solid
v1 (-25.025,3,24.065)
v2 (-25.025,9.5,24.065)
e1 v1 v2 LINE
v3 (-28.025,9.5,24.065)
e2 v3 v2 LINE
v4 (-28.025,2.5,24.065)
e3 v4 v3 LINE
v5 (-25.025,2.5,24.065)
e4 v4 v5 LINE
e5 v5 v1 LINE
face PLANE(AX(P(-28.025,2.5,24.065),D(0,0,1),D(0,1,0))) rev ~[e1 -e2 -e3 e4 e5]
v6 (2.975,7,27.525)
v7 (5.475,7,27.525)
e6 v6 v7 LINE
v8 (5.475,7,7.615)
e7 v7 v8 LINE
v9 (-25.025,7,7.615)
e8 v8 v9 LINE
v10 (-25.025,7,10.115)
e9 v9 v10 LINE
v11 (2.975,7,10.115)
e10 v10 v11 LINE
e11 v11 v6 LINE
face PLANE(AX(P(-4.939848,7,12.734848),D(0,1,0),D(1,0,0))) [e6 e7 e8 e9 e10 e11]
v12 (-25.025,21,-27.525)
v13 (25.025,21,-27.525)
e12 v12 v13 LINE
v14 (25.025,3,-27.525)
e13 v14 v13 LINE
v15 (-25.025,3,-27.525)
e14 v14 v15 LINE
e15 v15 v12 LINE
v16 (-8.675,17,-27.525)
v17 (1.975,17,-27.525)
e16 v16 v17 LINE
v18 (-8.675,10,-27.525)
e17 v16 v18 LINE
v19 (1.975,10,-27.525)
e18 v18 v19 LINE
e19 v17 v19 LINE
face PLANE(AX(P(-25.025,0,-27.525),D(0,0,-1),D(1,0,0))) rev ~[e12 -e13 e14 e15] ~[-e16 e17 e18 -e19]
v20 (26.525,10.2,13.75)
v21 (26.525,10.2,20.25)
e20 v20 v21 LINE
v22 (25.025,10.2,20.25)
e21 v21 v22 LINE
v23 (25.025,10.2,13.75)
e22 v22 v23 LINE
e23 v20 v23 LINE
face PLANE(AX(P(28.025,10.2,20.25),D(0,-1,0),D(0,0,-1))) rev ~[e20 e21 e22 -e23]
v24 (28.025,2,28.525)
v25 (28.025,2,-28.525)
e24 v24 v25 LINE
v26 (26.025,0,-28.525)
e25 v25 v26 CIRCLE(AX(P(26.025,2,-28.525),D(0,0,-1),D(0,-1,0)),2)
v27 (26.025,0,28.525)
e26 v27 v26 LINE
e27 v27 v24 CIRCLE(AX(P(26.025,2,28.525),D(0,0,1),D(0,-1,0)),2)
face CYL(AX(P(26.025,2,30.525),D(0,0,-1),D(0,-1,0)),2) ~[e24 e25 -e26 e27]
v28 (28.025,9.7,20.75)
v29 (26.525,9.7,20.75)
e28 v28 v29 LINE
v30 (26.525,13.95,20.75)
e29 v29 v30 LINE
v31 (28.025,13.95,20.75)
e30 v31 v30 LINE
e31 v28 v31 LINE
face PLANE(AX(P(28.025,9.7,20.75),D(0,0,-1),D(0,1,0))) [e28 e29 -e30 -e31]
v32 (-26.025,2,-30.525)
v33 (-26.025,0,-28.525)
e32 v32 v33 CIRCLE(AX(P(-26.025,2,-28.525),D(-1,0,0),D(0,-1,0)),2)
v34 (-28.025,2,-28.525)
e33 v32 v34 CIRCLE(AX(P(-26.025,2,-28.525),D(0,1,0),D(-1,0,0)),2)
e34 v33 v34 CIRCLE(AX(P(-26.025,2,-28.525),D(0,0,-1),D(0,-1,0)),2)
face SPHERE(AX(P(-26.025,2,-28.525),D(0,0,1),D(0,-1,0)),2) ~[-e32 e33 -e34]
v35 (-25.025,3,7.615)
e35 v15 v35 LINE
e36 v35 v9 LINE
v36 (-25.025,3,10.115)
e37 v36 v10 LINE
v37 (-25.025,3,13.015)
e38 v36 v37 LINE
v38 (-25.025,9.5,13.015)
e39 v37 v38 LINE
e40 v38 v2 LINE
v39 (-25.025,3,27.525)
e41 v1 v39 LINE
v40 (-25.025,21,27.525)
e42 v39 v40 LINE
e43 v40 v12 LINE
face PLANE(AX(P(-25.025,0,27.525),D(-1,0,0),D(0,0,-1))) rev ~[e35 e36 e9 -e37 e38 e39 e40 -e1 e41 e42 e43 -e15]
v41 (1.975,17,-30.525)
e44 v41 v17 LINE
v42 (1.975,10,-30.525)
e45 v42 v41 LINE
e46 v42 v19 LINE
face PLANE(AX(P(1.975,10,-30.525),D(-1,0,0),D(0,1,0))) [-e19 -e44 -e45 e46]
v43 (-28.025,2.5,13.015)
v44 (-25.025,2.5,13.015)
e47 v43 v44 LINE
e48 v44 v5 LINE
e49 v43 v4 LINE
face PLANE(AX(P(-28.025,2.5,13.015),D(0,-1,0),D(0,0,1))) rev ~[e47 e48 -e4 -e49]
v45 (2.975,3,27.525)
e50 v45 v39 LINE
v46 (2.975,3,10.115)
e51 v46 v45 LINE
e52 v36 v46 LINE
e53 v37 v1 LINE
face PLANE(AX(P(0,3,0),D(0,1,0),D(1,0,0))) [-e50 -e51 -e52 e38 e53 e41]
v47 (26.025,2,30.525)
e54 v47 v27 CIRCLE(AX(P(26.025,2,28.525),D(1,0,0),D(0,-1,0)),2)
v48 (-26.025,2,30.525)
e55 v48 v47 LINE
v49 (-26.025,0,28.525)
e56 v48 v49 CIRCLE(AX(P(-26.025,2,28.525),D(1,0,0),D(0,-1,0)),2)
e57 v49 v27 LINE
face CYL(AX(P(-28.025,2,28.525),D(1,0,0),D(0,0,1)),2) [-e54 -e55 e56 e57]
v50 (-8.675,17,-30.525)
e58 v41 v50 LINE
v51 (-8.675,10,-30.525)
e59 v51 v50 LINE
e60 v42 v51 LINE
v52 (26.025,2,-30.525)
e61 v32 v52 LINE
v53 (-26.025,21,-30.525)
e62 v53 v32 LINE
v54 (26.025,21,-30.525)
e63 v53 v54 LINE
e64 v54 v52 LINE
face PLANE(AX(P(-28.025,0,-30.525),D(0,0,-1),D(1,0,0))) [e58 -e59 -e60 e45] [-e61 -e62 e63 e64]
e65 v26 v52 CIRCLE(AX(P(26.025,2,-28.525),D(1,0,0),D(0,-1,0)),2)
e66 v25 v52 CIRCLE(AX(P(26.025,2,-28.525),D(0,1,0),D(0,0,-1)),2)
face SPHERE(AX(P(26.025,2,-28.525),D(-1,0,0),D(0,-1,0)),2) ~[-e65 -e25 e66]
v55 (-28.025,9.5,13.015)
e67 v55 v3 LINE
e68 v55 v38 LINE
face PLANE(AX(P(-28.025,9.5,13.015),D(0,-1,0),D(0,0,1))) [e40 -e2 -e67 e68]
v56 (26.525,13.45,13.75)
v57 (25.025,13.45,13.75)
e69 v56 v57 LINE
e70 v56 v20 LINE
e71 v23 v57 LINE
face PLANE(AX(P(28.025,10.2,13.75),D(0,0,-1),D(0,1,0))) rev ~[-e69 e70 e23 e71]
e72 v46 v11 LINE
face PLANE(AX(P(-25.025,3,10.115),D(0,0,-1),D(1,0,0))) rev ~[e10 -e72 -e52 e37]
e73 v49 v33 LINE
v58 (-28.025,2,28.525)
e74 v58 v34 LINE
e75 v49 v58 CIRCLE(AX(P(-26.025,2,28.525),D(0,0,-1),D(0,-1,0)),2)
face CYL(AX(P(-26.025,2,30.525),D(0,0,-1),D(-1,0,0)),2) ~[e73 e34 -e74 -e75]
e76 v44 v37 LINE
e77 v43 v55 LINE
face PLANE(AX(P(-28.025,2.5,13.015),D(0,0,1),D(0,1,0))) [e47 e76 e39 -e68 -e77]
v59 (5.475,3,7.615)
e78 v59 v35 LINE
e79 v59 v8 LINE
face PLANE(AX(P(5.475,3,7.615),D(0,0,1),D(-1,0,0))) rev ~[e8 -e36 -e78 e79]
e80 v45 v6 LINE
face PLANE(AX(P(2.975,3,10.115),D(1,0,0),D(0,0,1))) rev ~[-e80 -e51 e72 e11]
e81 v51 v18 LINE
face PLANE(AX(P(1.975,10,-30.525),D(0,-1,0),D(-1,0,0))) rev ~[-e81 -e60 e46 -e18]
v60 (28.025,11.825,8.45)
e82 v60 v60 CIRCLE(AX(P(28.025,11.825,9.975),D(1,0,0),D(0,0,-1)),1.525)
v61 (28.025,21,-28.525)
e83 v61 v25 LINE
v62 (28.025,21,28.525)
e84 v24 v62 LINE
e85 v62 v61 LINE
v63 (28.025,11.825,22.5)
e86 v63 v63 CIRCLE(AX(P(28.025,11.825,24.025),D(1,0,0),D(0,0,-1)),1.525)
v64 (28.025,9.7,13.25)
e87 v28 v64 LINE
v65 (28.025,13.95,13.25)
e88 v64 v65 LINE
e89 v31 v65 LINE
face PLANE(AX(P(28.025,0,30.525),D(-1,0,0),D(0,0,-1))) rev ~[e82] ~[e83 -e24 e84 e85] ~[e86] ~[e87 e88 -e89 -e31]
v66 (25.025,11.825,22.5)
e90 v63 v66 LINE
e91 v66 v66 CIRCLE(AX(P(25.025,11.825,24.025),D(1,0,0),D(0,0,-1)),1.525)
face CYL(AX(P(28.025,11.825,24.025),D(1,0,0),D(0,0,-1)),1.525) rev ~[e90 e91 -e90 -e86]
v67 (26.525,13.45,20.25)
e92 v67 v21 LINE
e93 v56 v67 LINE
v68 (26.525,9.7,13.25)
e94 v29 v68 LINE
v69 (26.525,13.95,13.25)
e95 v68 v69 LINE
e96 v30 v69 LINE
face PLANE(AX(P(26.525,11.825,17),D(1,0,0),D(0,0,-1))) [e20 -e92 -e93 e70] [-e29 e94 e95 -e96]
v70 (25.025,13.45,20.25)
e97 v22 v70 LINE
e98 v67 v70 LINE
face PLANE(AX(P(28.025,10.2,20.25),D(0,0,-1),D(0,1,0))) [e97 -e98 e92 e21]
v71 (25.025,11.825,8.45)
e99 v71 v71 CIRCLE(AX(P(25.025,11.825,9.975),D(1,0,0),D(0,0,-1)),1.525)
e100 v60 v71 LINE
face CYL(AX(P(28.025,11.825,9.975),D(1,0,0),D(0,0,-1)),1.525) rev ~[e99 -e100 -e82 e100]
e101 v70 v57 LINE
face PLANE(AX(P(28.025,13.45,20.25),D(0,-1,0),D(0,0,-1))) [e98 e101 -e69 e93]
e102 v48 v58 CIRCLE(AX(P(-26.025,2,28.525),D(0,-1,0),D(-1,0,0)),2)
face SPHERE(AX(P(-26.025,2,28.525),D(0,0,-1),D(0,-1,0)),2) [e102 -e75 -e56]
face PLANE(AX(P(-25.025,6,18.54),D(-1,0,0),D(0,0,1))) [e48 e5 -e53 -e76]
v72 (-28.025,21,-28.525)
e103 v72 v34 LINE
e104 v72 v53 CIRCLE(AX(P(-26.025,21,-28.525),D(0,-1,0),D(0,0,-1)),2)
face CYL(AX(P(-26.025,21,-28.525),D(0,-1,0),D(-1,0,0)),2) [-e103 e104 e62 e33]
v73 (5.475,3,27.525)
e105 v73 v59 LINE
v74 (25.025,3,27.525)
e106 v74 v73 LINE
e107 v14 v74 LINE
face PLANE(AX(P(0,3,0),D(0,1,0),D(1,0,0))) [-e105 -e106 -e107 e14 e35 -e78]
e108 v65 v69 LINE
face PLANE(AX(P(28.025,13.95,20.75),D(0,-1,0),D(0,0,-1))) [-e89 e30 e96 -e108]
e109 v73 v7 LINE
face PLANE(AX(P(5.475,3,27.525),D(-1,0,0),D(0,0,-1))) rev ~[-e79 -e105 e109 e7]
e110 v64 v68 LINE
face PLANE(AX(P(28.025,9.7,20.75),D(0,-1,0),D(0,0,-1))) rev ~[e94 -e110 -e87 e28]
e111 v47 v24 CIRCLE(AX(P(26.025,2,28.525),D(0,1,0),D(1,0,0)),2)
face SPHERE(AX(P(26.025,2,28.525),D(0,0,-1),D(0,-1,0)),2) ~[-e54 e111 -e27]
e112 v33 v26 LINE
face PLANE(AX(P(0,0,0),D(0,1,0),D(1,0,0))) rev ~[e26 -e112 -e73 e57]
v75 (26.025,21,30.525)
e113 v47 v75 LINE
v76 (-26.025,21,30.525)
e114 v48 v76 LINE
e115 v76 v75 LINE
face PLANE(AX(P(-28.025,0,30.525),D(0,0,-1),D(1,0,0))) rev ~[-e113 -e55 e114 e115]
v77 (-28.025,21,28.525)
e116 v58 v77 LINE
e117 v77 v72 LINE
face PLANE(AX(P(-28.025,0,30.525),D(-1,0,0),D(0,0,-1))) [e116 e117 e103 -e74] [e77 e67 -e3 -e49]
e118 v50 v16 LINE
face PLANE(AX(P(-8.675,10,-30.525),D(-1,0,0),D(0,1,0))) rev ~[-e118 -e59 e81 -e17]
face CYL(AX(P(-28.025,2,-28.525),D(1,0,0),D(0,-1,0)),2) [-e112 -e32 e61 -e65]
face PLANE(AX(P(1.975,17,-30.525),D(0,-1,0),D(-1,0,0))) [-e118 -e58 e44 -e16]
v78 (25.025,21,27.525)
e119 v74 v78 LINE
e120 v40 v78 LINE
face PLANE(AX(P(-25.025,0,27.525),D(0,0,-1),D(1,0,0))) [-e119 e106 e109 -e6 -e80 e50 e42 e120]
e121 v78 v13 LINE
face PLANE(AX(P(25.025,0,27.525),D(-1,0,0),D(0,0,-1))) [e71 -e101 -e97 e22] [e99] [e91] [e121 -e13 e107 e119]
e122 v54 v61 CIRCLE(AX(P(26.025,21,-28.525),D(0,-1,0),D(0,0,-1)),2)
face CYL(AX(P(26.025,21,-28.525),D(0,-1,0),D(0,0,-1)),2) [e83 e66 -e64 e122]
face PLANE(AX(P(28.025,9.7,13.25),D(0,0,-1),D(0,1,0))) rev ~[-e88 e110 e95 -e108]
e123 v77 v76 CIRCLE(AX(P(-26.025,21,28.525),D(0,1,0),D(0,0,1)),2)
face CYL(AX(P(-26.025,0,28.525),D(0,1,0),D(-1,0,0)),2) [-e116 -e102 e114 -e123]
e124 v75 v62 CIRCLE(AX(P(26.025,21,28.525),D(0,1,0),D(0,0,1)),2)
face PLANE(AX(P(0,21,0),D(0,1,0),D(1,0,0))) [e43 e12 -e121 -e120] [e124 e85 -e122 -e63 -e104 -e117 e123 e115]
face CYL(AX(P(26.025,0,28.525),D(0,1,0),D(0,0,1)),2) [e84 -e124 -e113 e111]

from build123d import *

# Parameters (mm, degrees)
SKETCH1_W           = 56.05
SKETCH1_H           = 61.05
SKETCH1_W_2         = 50.05
SKETCH1_H_2         = 55.05
BOSS_EXTRUDE1_DEPTH = 3
SKETCH1_3_W         = 56.05
SKETCH1_3_H         = 61.05
SKETCH1_3_W_2       = 50.05
SKETCH1_3_H_2       = 55.05
BOSS_EXTRUDE2_DEPTH = 21
CUT_EXTRUDE1_REACH  = 58.05
SKETCH2_R           = 1.525
SKETCH2_W           = 6.5
SKETCH2_H           = 3.25
CUT_EXTRUDE2_REACH  = 63.05
SKETCH3_W           = 10.65
SKETCH3_H           = 7
SKETCH4_W           = 11.05
SKETCH4_H           = 7
CUT_EXTRUDE3_DEPTH  = 3
BOSS_EXTRUDE3_DEPTH = 4
FILLET1_R           = 2
SKETCH6_W           = 7.5
SKETCH6_H           = 4.25
CUT_EXTRUDE4_DEPTH  = 1.5


with BuildPart() as part:
    # Sketch1 → Boss-Extrude1 (new body)
    with BuildSketch(Plane(origin=(0, 0, 0), x_dir=(1, 0, 0), z_dir=(0, 1, 0))):
        Rectangle(SKETCH1_W, SKETCH1_H)
        Rectangle(SKETCH1_W_2, SKETCH1_H_2, mode=Mode.SUBTRACT)
        Rectangle(SKETCH1_W_2, SKETCH1_H_2)
    extrude(amount=BOSS_EXTRUDE1_DEPTH)

    # Sketch1_3 → Boss-Extrude2 (add)
    with BuildSketch(Plane(origin=(0, 0, 0), x_dir=(1, 0, 0), z_dir=(0, 1, 0))):
        Rectangle(SKETCH1_3_W, SKETCH1_3_H)
        Rectangle(SKETCH1_3_W_2, SKETCH1_3_H_2, mode=Mode.SUBTRACT)
    extrude(amount=BOSS_EXTRUDE2_DEPTH)

    # Sketch2 → Cut-Extrude1 (cut, up to next)
    with BuildSketch(Plane(origin=(28.025, 0, 0), x_dir=(0, 0, -1), z_dir=(1, 0, 0)), mode=Mode.PRIVATE) as cut_extrude1_sk1:
        with Locations((-24.025, 11.825)):
            Circle(SKETCH2_R)
    cut_extrude1_tool1 = extrude(cut_extrude1_sk1.sketch, amount=-CUT_EXTRUDE1_REACH, mode=Mode.PRIVATE) & part.part
    add(cut_extrude1_tool1.solids().sort_by_distance((28.025, 11.825, 24.025))[0], mode=Mode.SUBTRACT)
    # Sketch2 → Cut-Extrude1 (cut, up to next)
    with BuildSketch(Plane(origin=(28.025, 0, 0), x_dir=(0, 0, -1), z_dir=(1, 0, 0)), mode=Mode.PRIVATE) as cut_extrude1_sk2:
        with Locations((-9.975, 11.825)):
            Circle(SKETCH2_R)
    cut_extrude1_tool2 = extrude(cut_extrude1_sk2.sketch, amount=-CUT_EXTRUDE1_REACH, mode=Mode.PRIVATE) & part.part
    add(cut_extrude1_tool2.solids().sort_by_distance((28.025, 11.825, 9.975))[0], mode=Mode.SUBTRACT)
    # Sketch2 → Cut-Extrude1 (cut, up to next)
    with BuildSketch(Plane(origin=(28.025, 0, 0), x_dir=(0, 0, -1), z_dir=(1, 0, 0)), mode=Mode.PRIVATE) as cut_extrude1_sk3:
        with Locations((-17, 11.825)):
            Rectangle(SKETCH2_W, SKETCH2_H)
    cut_extrude1_tool3 = extrude(cut_extrude1_sk3.sketch, amount=-CUT_EXTRUDE1_REACH, mode=Mode.PRIVATE) & part.part
    add(cut_extrude1_tool3.solids().sort_by_distance((28.025, 11.825, 17))[0], mode=Mode.SUBTRACT)

    # Sketch3 → Cut-Extrude2 (cut, up to next)
    with BuildSketch(Plane(origin=(0, 0, -30.525), x_dir=(-1, 0, 0), z_dir=(0, 0, -1)), mode=Mode.PRIVATE) as cut_extrude2_sk1:
        with Locations((3.35, 13.5)):
            Rectangle(SKETCH3_W, SKETCH3_H)
    cut_extrude2_tool1 = extrude(cut_extrude2_sk1.sketch, amount=-CUT_EXTRUDE2_REACH, mode=Mode.PRIVATE) & part.part
    add(cut_extrude2_tool1.solids().sort_by_distance((-3.35, 13.5, -30.525))[0], mode=Mode.SUBTRACT)

    # Sketch4 → Cut-Extrude3 (cut)
    with BuildSketch(Plane.ZY.offset(28.025)):
        with Locations((18.54, 6)):
            Rectangle(SKETCH4_W, SKETCH4_H)
    extrude(amount=-CUT_EXTRUDE3_DEPTH, mode=Mode.SUBTRACT)

    # Sketch5 → Boss-Extrude3 (add)
    with BuildSketch(Plane(origin=(0, 3, 0), x_dir=(1, 0, 0), z_dir=(0, 1, 0))):
        Polygon((5.475, -7.615), (-25.025, -7.615), (-25.025, -10.115), (2.975, -10.115), (2.975, -27.525), (5.475, -27.525), align=None)
    extrude(amount=BOSS_EXTRUDE3_DEPTH)

    # Fillet1
    fillet1_edges = [part.edges().sort_by_distance(p)[0] for p in [
        (-28.025, 0, 0),
        (0, 0, -30.525),
        (28.025, 0, 0),
        (0, 0, 30.525),
        (-28.025, 10.5, 30.525),
        (-28.025, 10.5, -30.525),
        (28.025, 10.5, -30.525),
        (28.025, 10.5, 30.525),
    ]]
    fillet(fillet1_edges, radius=FILLET1_R)

    # Sketch6 → Cut-Extrude4 (cut)
    with BuildSketch(Plane(origin=(28.025, 0, 0), x_dir=(0, 0, -1), z_dir=(1, 0, 0))):
        with Locations((-17, 11.825)):
            Rectangle(SKETCH6_W, SKETCH6_H)
    extrude(amount=-CUT_EXTRUDE4_DEPTH, mode=Mode.SUBTRACT)


solid = part.part
